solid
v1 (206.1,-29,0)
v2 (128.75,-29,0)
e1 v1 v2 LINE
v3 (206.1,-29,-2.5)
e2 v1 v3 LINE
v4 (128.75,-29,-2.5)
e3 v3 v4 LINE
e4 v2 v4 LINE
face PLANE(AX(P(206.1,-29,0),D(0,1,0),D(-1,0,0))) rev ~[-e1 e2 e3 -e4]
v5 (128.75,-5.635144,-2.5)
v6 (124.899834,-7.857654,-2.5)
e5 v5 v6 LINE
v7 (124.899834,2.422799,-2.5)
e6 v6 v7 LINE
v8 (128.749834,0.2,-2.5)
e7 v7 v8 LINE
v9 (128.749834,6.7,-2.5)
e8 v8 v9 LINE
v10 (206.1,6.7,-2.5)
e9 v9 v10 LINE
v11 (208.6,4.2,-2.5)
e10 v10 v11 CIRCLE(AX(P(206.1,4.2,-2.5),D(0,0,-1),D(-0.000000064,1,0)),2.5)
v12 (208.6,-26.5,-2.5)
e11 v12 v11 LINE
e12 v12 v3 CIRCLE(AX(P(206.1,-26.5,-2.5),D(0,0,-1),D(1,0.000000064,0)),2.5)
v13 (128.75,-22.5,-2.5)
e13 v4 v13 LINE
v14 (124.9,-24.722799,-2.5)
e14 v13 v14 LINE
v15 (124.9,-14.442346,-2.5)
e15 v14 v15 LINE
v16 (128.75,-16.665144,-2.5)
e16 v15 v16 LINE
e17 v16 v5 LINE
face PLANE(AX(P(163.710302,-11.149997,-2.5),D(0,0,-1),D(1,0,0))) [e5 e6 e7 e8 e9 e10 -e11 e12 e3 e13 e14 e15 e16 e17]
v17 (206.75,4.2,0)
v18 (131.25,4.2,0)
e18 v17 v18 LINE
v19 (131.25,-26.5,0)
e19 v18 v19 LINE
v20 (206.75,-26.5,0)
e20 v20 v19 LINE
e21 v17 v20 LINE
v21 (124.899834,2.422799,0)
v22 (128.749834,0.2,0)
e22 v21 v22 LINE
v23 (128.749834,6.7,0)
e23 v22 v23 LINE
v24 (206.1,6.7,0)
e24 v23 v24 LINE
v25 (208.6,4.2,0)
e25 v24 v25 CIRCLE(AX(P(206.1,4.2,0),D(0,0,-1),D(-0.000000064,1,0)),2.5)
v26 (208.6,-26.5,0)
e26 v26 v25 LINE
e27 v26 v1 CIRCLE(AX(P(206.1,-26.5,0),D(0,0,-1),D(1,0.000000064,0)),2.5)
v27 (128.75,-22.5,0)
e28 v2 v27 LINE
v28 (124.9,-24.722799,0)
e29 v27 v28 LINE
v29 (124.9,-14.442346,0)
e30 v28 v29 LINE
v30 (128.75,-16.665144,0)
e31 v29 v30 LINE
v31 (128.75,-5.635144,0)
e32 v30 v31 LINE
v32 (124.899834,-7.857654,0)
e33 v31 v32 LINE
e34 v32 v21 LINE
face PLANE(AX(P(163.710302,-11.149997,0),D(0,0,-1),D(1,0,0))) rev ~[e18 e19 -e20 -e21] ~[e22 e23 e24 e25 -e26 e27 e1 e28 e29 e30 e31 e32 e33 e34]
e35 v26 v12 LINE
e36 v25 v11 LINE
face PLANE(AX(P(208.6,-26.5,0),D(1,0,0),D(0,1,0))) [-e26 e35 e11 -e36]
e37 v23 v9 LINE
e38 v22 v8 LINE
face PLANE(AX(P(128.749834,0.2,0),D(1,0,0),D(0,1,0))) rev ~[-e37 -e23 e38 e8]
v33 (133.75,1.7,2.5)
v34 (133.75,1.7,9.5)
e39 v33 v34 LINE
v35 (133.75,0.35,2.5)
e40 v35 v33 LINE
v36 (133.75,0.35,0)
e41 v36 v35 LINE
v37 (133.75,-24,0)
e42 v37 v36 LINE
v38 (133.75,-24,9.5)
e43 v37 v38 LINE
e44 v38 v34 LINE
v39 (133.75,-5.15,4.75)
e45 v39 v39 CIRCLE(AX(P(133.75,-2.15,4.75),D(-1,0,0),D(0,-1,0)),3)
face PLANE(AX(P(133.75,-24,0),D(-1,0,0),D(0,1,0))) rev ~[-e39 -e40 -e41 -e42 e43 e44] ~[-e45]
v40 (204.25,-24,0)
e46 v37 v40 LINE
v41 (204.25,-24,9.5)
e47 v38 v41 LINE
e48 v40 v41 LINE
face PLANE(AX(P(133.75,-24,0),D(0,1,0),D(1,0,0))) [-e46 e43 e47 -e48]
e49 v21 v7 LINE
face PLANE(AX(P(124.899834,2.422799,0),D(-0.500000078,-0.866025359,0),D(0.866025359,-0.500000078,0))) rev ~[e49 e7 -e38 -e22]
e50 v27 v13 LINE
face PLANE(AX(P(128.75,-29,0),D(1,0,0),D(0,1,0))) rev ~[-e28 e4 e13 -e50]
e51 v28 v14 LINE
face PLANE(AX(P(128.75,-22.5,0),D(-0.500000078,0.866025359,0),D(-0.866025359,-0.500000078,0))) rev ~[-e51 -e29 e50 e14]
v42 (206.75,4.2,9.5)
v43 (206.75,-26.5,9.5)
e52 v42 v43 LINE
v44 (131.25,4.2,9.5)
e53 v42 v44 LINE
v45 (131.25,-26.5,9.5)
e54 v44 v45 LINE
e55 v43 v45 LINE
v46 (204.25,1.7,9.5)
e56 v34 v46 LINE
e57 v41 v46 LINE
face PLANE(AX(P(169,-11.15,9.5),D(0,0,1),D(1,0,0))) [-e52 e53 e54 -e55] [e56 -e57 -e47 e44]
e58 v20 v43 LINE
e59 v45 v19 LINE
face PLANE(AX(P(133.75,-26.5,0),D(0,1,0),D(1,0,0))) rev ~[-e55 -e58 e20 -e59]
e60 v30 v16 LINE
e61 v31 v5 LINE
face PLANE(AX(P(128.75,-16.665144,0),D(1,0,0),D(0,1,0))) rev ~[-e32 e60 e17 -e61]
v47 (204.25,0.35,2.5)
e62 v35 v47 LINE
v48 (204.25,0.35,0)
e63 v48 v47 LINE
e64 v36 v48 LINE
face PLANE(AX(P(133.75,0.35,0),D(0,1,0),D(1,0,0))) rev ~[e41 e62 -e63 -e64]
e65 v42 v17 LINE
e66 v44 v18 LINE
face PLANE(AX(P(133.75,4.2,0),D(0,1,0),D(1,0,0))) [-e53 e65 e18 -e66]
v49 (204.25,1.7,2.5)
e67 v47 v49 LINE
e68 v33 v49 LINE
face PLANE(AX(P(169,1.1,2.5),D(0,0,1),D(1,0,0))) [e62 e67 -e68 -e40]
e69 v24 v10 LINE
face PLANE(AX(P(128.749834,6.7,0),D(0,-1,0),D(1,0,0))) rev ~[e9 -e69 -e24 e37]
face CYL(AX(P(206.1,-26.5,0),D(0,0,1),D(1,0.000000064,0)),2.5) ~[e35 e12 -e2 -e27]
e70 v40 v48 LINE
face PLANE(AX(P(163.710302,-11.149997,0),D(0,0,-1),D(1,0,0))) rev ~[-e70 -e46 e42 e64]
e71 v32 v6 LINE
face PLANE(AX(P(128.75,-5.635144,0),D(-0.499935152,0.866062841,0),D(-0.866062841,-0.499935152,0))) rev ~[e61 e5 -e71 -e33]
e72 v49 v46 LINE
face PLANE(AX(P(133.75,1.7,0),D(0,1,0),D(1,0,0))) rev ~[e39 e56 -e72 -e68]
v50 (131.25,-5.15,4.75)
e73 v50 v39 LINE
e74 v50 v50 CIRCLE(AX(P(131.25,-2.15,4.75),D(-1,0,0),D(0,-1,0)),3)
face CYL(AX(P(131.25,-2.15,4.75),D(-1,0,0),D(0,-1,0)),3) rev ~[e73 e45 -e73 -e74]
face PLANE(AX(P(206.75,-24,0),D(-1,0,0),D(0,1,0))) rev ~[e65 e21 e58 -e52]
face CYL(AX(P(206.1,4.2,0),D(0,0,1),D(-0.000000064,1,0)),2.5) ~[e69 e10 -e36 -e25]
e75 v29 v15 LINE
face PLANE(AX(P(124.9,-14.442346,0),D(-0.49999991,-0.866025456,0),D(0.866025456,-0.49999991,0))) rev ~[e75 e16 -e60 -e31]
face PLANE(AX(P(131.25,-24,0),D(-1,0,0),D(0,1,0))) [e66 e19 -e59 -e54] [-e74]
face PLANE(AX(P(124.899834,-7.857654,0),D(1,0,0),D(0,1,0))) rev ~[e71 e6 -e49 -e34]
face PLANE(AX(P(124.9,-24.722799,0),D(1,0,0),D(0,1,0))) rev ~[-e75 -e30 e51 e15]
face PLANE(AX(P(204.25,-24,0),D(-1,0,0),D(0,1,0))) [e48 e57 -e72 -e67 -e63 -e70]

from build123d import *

# Parameters (mm, degrees)
SKETCH048_W     = 70.5
SKETCH048_H     = 25.7
PAD041_DEPTH    = 9.5
THICKNESS005_T  = 2.5
SKETCH049_R     = 3
POCKET011_DEPTH = 2.5
SKETCH050_W     = 70.5
SKETCH050_H     = 1.5
PAD042_DEPTH    = 2.5
PAD040_DEPTH    = 2.5


with BuildPart() as body014:
    # Sketch048 → Pad041 (new body)
    with BuildSketch(Plane.XY):
        with Locations((0, -48)):
            Rectangle(SKETCH048_W, SKETCH048_H)
    extrude(amount=PAD041_DEPTH)

    # Thickness005
    thickness005_openings = [body014.faces().sort_by_distance(p)[0] for p in [
        (0, -48, 9.5),
        (0, -48, 0),
    ]]
    offset(amount=THICKNESS005_T, openings=thickness005_openings, kind=Kind.INTERSECTION)

    # Sketch049 (on Face6 of Thickness005) → Pocket011 (cut)
    with BuildSketch(Plane(origin=(-37.75, 0, 0), x_dir=(0, -1, 0), z_dir=(-1, 0, 0))):
        with Locations((39, 4.75)):
            Circle(SKETCH049_R)
    extrude(amount=-POCKET011_DEPTH, mode=Mode.SUBTRACT)

    # Sketch050 → Pad042 (join)
    with BuildSketch(Plane.XY):
        with Locations((0, -35.75)):
            Rectangle(SKETCH050_W, SKETCH050_H)
    extrude(amount=PAD042_DEPTH)


with BuildPart() as body014_1:
    # Body014 placement: moved
    add(body014.part.moved(Location((84.5, 36.85, 0))))


with BuildPart() as tail:
    # Sketch047 → Pad040 (new body)
    with BuildSketch(Plane(origin=(0, 0, 0), x_dir=(1, 0, 0), z_dir=(0, 0, -1))):
        with BuildLine():
            Line((-40.250166, 30.15), (37.1, 30.15))
            ThreePointArc((37.1, 30.15), (38.867767, 30.882233), (39.6, 32.65))
            Line((39.6, 63.35), (39.6, 32.65))
            ThreePointArc((39.6, 63.35), (38.867767, 65.117767), (37.1, 65.85))
            Line((37.1, 65.85), (-40.25, 65.85))
            Line((-40.25, 65.85), (-40.25, 59.35))
            Line((-40.25, 59.35), (-44.1, 61.572799))
            Line((-44.1, 61.572799), (-44.1, 51.292346))
            Line((-44.1, 51.292346), (-40.25, 53.515144))
            Line((-40.25, 53.515144), (-40.25, 42.485144))
            Line((-40.25, 42.485144), (-44.100166, 44.707654))
            Line((-44.100166, 44.707654), (-44.100166, 34.427201))
            Line((-44.100166, 34.427201), (-40.250166, 36.65))
            Line((-40.250166, 36.65), (-40.250166, 30.15))
        make_face()
    extrude(amount=PAD040_DEPTH)


with BuildPart() as tail_1:
    # Body013 placement: moved
    add(tail.part.moved(Location((84.5, 36.85, 0))))

    # Fusion004: union Body014
    add(body014_1.part)


with BuildPart() as tail_2:
    # Fusion004 placement: moved
    add(tail_1.part.moved(Location((84.5, 0, 0))))


solid = tail_2.part
